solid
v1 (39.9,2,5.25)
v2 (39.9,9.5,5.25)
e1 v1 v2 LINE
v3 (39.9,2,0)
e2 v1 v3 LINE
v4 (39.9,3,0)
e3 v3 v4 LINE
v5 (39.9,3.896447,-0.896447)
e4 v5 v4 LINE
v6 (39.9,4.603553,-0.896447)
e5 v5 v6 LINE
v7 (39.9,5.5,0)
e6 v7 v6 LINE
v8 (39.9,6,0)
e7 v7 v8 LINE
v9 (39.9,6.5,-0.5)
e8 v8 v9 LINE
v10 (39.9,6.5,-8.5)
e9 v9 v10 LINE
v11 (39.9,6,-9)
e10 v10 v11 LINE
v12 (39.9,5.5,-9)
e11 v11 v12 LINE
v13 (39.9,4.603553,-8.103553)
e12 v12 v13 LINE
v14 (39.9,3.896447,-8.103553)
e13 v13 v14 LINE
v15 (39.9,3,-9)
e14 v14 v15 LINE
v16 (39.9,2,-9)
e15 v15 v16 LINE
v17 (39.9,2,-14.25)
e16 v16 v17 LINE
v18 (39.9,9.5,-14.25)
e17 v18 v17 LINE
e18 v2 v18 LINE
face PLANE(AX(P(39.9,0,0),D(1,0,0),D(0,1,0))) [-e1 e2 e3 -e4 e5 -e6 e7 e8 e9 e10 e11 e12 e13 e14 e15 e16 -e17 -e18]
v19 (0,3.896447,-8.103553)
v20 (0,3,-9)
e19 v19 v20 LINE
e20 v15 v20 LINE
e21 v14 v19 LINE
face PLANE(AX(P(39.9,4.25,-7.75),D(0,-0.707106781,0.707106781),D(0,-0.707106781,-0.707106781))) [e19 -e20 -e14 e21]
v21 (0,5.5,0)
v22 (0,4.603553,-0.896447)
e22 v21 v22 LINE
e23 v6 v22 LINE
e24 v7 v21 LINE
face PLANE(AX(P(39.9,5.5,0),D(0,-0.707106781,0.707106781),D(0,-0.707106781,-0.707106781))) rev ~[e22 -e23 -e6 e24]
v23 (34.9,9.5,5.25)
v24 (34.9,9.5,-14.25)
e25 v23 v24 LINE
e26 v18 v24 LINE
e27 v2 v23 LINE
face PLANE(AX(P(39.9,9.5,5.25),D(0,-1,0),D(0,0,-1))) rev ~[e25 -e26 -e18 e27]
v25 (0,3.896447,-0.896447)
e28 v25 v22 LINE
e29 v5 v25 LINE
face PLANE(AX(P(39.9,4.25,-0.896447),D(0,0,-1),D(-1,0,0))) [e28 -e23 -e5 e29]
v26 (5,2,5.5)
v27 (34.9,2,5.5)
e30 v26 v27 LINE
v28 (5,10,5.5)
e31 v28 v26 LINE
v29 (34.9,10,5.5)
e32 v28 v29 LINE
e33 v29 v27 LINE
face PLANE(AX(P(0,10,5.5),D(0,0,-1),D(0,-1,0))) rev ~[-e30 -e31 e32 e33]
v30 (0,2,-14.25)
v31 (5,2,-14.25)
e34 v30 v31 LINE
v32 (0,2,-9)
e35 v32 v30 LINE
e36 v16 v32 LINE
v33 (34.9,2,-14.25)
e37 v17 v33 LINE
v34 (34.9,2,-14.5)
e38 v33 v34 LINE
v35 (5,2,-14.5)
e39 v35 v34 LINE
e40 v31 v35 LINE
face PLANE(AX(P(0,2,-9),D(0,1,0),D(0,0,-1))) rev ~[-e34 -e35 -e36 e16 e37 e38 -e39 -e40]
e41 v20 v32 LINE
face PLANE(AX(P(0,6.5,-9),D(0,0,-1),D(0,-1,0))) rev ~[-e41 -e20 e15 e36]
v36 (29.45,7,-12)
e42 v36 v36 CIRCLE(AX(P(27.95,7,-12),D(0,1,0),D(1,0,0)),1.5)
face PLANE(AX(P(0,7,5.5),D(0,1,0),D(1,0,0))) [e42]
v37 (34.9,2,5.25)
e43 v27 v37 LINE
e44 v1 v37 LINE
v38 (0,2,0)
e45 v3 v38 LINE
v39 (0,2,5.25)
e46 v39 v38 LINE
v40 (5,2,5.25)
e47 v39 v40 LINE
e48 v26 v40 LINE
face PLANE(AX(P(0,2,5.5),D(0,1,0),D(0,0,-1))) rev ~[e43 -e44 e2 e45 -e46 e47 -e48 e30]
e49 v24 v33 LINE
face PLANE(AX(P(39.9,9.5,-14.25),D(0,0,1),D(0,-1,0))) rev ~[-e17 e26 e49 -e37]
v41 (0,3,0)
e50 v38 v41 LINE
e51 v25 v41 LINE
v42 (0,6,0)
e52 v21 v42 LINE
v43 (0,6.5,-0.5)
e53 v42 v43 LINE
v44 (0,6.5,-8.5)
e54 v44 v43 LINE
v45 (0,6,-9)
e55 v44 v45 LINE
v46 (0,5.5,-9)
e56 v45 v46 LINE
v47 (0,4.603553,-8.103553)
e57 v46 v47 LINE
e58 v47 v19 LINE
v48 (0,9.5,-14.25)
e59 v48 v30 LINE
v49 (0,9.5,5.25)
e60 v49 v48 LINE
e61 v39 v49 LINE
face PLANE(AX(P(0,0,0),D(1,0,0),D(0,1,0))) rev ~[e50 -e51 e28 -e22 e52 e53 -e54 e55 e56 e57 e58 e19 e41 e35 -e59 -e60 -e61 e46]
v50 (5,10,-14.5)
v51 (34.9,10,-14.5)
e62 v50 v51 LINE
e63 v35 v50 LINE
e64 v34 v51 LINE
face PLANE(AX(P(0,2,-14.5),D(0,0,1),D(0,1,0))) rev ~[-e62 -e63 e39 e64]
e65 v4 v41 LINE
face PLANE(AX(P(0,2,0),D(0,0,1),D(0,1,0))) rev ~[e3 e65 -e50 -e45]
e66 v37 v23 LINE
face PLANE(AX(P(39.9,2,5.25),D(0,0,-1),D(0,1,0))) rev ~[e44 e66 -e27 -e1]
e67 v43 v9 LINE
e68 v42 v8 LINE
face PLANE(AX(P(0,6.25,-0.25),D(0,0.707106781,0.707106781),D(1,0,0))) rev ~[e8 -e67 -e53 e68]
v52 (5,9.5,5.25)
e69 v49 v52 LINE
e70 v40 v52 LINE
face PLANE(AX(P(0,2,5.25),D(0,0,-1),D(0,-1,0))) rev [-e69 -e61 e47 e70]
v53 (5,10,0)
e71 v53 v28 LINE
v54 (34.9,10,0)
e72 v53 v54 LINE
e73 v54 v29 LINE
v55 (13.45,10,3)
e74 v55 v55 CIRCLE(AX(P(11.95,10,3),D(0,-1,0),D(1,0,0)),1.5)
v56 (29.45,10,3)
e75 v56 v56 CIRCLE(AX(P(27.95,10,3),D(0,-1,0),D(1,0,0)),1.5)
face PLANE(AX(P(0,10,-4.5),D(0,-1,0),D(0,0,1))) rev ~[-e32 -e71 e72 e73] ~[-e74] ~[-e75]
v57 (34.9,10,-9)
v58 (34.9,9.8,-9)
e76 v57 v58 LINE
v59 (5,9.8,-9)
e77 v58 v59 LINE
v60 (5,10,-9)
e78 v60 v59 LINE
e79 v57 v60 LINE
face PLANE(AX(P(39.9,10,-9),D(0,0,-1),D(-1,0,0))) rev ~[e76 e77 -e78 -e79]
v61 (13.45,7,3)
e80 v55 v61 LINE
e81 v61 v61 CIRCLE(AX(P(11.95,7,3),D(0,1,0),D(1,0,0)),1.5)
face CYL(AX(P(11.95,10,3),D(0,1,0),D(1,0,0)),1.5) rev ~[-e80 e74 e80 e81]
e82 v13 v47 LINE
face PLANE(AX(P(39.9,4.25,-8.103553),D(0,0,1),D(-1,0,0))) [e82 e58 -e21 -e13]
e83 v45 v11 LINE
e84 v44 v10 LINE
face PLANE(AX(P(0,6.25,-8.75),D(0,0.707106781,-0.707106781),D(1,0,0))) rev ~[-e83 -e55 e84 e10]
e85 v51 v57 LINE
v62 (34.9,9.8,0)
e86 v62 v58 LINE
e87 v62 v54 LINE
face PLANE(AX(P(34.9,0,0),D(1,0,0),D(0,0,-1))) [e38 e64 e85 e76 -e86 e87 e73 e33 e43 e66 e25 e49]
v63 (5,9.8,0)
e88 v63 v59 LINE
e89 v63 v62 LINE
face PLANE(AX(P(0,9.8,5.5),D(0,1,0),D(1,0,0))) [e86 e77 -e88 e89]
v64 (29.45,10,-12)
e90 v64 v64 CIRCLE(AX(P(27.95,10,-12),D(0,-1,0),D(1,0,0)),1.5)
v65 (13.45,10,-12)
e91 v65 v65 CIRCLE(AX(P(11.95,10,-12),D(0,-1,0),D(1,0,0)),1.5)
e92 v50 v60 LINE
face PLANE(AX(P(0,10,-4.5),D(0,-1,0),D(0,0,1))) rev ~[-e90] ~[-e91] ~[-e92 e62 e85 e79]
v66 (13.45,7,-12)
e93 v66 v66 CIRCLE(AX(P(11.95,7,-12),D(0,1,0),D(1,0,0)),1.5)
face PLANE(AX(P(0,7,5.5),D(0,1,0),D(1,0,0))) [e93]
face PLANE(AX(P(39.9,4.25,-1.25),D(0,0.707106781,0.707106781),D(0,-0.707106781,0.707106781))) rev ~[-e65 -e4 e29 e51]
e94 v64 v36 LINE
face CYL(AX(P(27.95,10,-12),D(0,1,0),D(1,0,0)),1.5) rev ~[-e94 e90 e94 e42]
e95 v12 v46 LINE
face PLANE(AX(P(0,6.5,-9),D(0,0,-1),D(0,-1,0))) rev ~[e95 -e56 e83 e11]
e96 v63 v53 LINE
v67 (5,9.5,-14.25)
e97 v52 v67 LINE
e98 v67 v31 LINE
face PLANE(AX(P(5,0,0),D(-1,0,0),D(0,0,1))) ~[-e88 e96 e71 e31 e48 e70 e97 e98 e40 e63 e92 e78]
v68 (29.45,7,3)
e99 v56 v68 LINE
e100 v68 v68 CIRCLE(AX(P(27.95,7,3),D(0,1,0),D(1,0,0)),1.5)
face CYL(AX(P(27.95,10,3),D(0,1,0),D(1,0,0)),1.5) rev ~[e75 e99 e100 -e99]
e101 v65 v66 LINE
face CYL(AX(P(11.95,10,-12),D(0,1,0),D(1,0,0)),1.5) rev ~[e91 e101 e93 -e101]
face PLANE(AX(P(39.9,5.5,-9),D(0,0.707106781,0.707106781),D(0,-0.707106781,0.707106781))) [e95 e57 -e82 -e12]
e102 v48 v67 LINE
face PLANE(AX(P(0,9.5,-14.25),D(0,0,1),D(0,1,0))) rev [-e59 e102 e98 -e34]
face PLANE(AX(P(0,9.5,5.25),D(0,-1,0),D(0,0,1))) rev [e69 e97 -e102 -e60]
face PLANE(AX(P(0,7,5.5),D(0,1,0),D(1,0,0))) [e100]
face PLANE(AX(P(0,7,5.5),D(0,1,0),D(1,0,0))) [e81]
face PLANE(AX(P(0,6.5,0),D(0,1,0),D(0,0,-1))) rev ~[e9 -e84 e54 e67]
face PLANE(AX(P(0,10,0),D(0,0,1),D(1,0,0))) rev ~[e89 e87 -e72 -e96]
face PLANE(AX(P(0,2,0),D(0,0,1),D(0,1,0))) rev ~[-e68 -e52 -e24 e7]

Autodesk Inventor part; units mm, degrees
ref_plane "YZ Plane" through (0, 0, 0) normal (1, 0, 0) x (0, 1, 0)
ref_plane "XZ Plane" through (0, 0, 0) normal (0, 1, 0) x (-1, 0, 0)
sketch "Sketch1" plane through (0, 0, 0) normal (1, 0, 0) x (0, 1, 0)
  line L0 (0, 0) -> (2, 0)
  line L1 (6.5, 0) -> (6.5, -9)
  line L2 (6.5, -9) -> (2, -9)
  line L3 (0, -9) -> (0, 0)
  line L4 (10, 5.5) -> (2, 5.5)
  line L5 (2, 5.5) -> (2, 0)
  line L6 (2, -14.5) -> (10, -14.5)
  line L7 (10, -14.5) -> (10, 5.5)
  line L8 (10, -4.5) -> (6.5, -4.5)
  line L9 (2, 0) -> (6.5, 0)
  line L10 (2, 0) -> (2, -14.5)
  line L11 (2, -9) -> (0, -9)
  dimension "d0" = 6.5
  dimension "d1" = 9
  dimension "d3" = 10
  dimension "d4" = 20
  dimension "d5" = 2
extrude "Extrusion1" add sketch "Sketch1" along normal blind 39.9 contours L5 L4 L7 L8 L1 L9 | L2 L1 L8 L7 L6 L10
sketch "Sketch2" plane through (39.9, 0, 0) normal (1, 0, 0) x (0, 0, -1)
  line L0 (0, 6.5) -> (9, 6.5) projected
  line L1 (9, 6.5) -> (9, 2) projected
  line L2 (9, 2) -> (14.5, 2) projected
  line L3 (14.5, 2) -> (14.5, 10) projected
  line L4 (14.5, 10) -> (-5.5, 10) projected
  line L5 (-5.5, 10) -> (-5.5, 2) projected
  line L6 (-5.5, 2) -> (0, 2) projected
  line L7 (0, 2) -> (0, 6.5) projected
  line L8 (0, 5.5) -> (1.25, 4.25)
  line L9 (1.25, 4.25) -> (0, 3)
  line L10 (9, 5.5) -> (7.75, 4.25)
  line L11 (7.75, 4.25) -> (9, 3)
  line L12 (9, 6.5) -> (9, 2) projected
  line L13 (9, 5.5) -> (0, 5.5)
  line L14 (0, 3) -> (9, 3)
  point P0 (0, 0)
  dimension "d8" = 90
  dimension "d9" = 45
  dimension "d10" = 3.5
  dimension "d11" = 1
  dimension "d12" = 45
extrude "Extrusion2" add sketch "Sketch2" against normal up to surface (39.9 mm away) contours L8 L9 L7 | L1 L11 L10
chamfer "Chamfer1" distance 0.5 angle 45 4 edges at (19.95, 6.5, -9) (19.95, 6.5, 0) (19.95, 4.25, -1.25) (19.95, 4.25, -7.75)
sketch "Sketch3" plane through (0, 10, 5.5) normal (0, 1, 0) x (1, 0, 0)
  line L0 (0, 20) -> (0, 0) projected
  line L1 (0, 0) -> (39.9, 0) projected
  line L2 (39.9, 20) -> (39.9, 0) projected
  line L3 (0, 20) -> (39.9, 20) projected
  line L4 (0, 0) -> (39.9, 20) construction
  line L5 (27.95, 2.5) -> (11.95, 2.5)
  line L6 (11.95, 2.5) -> (11.95, 17.5)
  line L7 (11.95, 17.5) -> (27.95, 17.5)
  line L8 (27.95, 17.5) -> (27.95, 2.5)
  line L9 (27.95, 2.5) -> (11.95, 17.5) construction
  line L10 (11.95, 2.5) -> (27.95, 17.5) construction
  circle A0 centre (11.95, 17.5) radius 1.5
  circle A1 centre (27.95, 17.5) radius 1.5
  circle A2 centre (27.95, 2.5) radius 1.5
  circle A3 centre (11.95, 2.5) radius 1.5
  point P0 (0, 5.5)
  point P1 (19.95, 10)
  dimension "d18" = 16
  dimension "d19" = 15
  dimension "d20" = 3
  dimension "d21" = 3
  dimension "d22" = 3
  dimension "d23" = 3
extrude "Extrusion3" cut sketch "Sketch3" against normal blind 3 contours A3 L6 L5 | L5 L6 A3 | A2 L8 L5 | L5 L8 A2 | A0 L7 L6 | L6 L7 A0 | A1 L7 L8 | L8 L7 A1
sketch "Sketch4" plane through (0, 10, 5.5) normal (0, 1, 0) x (1, 0, 0)
  circle A0 centre (11.95, 2.5) radius 1.5 projected
  circle A1 centre (27.95, 17.5) radius 1.5 projected
  circle A2 centre (11.95, 17.5) radius 1.5 projected
  circle A3 centre (27.95, 2.5) radius 1.5 projected
  line L0 (0, 20) -> (0, 0) projected
  line L1 (0, 0) -> (39.9, 0) projected
  line L2 (39.9, 20) -> (39.9, 0) projected
  line L3 (0, 20) -> (39.9, 20) projected
  line L4 (39.9, 20) -> (39.9, 0) projected
  line L5 (0, 5.5) -> (39.9, 5.5)
  line L6 (39.9, 5.5) -> (39.9, 14.5)
  line L7 (39.9, 14.5) -> (0, 14.5)
  line L8 (0, 14.5) -> (0, 5.5)
  line L9 (0, 14.5) -> (39.9, 14.5) projected
extrude "Extrusion4" cut sketch "Sketch4" against normal blind 0.2 contours L7 L2 L5 L0
sketch "Sketch5" plane through (39.9, 0, 0) normal (1, 0, 0) x (0, 0, -1)
  line L0 (0, 9.8) -> (0, 10) projected
  line L1 (0, 10) -> (-5.5, 10) construction
  line L2 (-5.5, 10) -> (-5.5, 2) projected
  line L3 (-5.5, 2) -> (0, 2) projected
  line L4 (0, 2) -> (0, 3) projected
  line L5 (0, 3) -> (0.8964, 3.8964) projected
  line L6 (0.8964, 4.6036) -> (0.8964, 3.8964) projected
  line L7 (0.8964, 4.6036) -> (0, 5.5) projected
  line L8 (0, 5.5) -> (0, 6) construction
  line L9 (0.5, 6.5) -> (0, 6) construction
  line L10 (0.5, 6.5) -> (8.5, 6.5) projected
  line L11 (9, 6) -> (8.5, 6.5) projected
  line L12 (9, 6) -> (9, 5.5) projected
  line L13 (9, 5.5) -> (8.1036, 4.6036) construction
  line L14 (8.1036, 3.8964) -> (8.1036, 4.6036) construction
  line L15 (8.1036, 3.8964) -> (9, 3) construction
  line L16 (9, 3) -> (9, 2) projected
  line L17 (9, 2) -> (14.5, 2) projected
  line L18 (14.5, 2) -> (14.5, 10) projected
  line L19 (14.5, 10) -> (9, 10) projected
  line L20 (9, 10) -> (9, 9.8) projected
  line L21 (9, 9.8) -> (0, 9.8) projected
  line L22 (-5.25, 9.5) -> (14.25, 9.5)
  line L23 (14.25, 9.5) -> (14.25, 2)
  line L24 (14.25, 2) -> (-5.25, 2)
  line L25 (-5.25, 2) -> (-5.25, 9.5)
  circle A0 centre (4.5, 2) radius 50
  point P0 (0, 0)
  dimension "d28" = 0.25
  dimension "d29" = 0.25
  dimension "d30" = 0.5
  dimension "d31" = 100
extrude "Extrusion5" cut sketch "Sketch5" against normal blind 5
ref_plane "Work Plane1" through (19.95, 0, 0) normal (1, 0, 0) x (0, 0, -1)
mirror "Mirror1" about plane through (19.95, 0, 0) normal (1, 0, 0) of "Extrusion5"
properties part number "mgn9h_carriage"
